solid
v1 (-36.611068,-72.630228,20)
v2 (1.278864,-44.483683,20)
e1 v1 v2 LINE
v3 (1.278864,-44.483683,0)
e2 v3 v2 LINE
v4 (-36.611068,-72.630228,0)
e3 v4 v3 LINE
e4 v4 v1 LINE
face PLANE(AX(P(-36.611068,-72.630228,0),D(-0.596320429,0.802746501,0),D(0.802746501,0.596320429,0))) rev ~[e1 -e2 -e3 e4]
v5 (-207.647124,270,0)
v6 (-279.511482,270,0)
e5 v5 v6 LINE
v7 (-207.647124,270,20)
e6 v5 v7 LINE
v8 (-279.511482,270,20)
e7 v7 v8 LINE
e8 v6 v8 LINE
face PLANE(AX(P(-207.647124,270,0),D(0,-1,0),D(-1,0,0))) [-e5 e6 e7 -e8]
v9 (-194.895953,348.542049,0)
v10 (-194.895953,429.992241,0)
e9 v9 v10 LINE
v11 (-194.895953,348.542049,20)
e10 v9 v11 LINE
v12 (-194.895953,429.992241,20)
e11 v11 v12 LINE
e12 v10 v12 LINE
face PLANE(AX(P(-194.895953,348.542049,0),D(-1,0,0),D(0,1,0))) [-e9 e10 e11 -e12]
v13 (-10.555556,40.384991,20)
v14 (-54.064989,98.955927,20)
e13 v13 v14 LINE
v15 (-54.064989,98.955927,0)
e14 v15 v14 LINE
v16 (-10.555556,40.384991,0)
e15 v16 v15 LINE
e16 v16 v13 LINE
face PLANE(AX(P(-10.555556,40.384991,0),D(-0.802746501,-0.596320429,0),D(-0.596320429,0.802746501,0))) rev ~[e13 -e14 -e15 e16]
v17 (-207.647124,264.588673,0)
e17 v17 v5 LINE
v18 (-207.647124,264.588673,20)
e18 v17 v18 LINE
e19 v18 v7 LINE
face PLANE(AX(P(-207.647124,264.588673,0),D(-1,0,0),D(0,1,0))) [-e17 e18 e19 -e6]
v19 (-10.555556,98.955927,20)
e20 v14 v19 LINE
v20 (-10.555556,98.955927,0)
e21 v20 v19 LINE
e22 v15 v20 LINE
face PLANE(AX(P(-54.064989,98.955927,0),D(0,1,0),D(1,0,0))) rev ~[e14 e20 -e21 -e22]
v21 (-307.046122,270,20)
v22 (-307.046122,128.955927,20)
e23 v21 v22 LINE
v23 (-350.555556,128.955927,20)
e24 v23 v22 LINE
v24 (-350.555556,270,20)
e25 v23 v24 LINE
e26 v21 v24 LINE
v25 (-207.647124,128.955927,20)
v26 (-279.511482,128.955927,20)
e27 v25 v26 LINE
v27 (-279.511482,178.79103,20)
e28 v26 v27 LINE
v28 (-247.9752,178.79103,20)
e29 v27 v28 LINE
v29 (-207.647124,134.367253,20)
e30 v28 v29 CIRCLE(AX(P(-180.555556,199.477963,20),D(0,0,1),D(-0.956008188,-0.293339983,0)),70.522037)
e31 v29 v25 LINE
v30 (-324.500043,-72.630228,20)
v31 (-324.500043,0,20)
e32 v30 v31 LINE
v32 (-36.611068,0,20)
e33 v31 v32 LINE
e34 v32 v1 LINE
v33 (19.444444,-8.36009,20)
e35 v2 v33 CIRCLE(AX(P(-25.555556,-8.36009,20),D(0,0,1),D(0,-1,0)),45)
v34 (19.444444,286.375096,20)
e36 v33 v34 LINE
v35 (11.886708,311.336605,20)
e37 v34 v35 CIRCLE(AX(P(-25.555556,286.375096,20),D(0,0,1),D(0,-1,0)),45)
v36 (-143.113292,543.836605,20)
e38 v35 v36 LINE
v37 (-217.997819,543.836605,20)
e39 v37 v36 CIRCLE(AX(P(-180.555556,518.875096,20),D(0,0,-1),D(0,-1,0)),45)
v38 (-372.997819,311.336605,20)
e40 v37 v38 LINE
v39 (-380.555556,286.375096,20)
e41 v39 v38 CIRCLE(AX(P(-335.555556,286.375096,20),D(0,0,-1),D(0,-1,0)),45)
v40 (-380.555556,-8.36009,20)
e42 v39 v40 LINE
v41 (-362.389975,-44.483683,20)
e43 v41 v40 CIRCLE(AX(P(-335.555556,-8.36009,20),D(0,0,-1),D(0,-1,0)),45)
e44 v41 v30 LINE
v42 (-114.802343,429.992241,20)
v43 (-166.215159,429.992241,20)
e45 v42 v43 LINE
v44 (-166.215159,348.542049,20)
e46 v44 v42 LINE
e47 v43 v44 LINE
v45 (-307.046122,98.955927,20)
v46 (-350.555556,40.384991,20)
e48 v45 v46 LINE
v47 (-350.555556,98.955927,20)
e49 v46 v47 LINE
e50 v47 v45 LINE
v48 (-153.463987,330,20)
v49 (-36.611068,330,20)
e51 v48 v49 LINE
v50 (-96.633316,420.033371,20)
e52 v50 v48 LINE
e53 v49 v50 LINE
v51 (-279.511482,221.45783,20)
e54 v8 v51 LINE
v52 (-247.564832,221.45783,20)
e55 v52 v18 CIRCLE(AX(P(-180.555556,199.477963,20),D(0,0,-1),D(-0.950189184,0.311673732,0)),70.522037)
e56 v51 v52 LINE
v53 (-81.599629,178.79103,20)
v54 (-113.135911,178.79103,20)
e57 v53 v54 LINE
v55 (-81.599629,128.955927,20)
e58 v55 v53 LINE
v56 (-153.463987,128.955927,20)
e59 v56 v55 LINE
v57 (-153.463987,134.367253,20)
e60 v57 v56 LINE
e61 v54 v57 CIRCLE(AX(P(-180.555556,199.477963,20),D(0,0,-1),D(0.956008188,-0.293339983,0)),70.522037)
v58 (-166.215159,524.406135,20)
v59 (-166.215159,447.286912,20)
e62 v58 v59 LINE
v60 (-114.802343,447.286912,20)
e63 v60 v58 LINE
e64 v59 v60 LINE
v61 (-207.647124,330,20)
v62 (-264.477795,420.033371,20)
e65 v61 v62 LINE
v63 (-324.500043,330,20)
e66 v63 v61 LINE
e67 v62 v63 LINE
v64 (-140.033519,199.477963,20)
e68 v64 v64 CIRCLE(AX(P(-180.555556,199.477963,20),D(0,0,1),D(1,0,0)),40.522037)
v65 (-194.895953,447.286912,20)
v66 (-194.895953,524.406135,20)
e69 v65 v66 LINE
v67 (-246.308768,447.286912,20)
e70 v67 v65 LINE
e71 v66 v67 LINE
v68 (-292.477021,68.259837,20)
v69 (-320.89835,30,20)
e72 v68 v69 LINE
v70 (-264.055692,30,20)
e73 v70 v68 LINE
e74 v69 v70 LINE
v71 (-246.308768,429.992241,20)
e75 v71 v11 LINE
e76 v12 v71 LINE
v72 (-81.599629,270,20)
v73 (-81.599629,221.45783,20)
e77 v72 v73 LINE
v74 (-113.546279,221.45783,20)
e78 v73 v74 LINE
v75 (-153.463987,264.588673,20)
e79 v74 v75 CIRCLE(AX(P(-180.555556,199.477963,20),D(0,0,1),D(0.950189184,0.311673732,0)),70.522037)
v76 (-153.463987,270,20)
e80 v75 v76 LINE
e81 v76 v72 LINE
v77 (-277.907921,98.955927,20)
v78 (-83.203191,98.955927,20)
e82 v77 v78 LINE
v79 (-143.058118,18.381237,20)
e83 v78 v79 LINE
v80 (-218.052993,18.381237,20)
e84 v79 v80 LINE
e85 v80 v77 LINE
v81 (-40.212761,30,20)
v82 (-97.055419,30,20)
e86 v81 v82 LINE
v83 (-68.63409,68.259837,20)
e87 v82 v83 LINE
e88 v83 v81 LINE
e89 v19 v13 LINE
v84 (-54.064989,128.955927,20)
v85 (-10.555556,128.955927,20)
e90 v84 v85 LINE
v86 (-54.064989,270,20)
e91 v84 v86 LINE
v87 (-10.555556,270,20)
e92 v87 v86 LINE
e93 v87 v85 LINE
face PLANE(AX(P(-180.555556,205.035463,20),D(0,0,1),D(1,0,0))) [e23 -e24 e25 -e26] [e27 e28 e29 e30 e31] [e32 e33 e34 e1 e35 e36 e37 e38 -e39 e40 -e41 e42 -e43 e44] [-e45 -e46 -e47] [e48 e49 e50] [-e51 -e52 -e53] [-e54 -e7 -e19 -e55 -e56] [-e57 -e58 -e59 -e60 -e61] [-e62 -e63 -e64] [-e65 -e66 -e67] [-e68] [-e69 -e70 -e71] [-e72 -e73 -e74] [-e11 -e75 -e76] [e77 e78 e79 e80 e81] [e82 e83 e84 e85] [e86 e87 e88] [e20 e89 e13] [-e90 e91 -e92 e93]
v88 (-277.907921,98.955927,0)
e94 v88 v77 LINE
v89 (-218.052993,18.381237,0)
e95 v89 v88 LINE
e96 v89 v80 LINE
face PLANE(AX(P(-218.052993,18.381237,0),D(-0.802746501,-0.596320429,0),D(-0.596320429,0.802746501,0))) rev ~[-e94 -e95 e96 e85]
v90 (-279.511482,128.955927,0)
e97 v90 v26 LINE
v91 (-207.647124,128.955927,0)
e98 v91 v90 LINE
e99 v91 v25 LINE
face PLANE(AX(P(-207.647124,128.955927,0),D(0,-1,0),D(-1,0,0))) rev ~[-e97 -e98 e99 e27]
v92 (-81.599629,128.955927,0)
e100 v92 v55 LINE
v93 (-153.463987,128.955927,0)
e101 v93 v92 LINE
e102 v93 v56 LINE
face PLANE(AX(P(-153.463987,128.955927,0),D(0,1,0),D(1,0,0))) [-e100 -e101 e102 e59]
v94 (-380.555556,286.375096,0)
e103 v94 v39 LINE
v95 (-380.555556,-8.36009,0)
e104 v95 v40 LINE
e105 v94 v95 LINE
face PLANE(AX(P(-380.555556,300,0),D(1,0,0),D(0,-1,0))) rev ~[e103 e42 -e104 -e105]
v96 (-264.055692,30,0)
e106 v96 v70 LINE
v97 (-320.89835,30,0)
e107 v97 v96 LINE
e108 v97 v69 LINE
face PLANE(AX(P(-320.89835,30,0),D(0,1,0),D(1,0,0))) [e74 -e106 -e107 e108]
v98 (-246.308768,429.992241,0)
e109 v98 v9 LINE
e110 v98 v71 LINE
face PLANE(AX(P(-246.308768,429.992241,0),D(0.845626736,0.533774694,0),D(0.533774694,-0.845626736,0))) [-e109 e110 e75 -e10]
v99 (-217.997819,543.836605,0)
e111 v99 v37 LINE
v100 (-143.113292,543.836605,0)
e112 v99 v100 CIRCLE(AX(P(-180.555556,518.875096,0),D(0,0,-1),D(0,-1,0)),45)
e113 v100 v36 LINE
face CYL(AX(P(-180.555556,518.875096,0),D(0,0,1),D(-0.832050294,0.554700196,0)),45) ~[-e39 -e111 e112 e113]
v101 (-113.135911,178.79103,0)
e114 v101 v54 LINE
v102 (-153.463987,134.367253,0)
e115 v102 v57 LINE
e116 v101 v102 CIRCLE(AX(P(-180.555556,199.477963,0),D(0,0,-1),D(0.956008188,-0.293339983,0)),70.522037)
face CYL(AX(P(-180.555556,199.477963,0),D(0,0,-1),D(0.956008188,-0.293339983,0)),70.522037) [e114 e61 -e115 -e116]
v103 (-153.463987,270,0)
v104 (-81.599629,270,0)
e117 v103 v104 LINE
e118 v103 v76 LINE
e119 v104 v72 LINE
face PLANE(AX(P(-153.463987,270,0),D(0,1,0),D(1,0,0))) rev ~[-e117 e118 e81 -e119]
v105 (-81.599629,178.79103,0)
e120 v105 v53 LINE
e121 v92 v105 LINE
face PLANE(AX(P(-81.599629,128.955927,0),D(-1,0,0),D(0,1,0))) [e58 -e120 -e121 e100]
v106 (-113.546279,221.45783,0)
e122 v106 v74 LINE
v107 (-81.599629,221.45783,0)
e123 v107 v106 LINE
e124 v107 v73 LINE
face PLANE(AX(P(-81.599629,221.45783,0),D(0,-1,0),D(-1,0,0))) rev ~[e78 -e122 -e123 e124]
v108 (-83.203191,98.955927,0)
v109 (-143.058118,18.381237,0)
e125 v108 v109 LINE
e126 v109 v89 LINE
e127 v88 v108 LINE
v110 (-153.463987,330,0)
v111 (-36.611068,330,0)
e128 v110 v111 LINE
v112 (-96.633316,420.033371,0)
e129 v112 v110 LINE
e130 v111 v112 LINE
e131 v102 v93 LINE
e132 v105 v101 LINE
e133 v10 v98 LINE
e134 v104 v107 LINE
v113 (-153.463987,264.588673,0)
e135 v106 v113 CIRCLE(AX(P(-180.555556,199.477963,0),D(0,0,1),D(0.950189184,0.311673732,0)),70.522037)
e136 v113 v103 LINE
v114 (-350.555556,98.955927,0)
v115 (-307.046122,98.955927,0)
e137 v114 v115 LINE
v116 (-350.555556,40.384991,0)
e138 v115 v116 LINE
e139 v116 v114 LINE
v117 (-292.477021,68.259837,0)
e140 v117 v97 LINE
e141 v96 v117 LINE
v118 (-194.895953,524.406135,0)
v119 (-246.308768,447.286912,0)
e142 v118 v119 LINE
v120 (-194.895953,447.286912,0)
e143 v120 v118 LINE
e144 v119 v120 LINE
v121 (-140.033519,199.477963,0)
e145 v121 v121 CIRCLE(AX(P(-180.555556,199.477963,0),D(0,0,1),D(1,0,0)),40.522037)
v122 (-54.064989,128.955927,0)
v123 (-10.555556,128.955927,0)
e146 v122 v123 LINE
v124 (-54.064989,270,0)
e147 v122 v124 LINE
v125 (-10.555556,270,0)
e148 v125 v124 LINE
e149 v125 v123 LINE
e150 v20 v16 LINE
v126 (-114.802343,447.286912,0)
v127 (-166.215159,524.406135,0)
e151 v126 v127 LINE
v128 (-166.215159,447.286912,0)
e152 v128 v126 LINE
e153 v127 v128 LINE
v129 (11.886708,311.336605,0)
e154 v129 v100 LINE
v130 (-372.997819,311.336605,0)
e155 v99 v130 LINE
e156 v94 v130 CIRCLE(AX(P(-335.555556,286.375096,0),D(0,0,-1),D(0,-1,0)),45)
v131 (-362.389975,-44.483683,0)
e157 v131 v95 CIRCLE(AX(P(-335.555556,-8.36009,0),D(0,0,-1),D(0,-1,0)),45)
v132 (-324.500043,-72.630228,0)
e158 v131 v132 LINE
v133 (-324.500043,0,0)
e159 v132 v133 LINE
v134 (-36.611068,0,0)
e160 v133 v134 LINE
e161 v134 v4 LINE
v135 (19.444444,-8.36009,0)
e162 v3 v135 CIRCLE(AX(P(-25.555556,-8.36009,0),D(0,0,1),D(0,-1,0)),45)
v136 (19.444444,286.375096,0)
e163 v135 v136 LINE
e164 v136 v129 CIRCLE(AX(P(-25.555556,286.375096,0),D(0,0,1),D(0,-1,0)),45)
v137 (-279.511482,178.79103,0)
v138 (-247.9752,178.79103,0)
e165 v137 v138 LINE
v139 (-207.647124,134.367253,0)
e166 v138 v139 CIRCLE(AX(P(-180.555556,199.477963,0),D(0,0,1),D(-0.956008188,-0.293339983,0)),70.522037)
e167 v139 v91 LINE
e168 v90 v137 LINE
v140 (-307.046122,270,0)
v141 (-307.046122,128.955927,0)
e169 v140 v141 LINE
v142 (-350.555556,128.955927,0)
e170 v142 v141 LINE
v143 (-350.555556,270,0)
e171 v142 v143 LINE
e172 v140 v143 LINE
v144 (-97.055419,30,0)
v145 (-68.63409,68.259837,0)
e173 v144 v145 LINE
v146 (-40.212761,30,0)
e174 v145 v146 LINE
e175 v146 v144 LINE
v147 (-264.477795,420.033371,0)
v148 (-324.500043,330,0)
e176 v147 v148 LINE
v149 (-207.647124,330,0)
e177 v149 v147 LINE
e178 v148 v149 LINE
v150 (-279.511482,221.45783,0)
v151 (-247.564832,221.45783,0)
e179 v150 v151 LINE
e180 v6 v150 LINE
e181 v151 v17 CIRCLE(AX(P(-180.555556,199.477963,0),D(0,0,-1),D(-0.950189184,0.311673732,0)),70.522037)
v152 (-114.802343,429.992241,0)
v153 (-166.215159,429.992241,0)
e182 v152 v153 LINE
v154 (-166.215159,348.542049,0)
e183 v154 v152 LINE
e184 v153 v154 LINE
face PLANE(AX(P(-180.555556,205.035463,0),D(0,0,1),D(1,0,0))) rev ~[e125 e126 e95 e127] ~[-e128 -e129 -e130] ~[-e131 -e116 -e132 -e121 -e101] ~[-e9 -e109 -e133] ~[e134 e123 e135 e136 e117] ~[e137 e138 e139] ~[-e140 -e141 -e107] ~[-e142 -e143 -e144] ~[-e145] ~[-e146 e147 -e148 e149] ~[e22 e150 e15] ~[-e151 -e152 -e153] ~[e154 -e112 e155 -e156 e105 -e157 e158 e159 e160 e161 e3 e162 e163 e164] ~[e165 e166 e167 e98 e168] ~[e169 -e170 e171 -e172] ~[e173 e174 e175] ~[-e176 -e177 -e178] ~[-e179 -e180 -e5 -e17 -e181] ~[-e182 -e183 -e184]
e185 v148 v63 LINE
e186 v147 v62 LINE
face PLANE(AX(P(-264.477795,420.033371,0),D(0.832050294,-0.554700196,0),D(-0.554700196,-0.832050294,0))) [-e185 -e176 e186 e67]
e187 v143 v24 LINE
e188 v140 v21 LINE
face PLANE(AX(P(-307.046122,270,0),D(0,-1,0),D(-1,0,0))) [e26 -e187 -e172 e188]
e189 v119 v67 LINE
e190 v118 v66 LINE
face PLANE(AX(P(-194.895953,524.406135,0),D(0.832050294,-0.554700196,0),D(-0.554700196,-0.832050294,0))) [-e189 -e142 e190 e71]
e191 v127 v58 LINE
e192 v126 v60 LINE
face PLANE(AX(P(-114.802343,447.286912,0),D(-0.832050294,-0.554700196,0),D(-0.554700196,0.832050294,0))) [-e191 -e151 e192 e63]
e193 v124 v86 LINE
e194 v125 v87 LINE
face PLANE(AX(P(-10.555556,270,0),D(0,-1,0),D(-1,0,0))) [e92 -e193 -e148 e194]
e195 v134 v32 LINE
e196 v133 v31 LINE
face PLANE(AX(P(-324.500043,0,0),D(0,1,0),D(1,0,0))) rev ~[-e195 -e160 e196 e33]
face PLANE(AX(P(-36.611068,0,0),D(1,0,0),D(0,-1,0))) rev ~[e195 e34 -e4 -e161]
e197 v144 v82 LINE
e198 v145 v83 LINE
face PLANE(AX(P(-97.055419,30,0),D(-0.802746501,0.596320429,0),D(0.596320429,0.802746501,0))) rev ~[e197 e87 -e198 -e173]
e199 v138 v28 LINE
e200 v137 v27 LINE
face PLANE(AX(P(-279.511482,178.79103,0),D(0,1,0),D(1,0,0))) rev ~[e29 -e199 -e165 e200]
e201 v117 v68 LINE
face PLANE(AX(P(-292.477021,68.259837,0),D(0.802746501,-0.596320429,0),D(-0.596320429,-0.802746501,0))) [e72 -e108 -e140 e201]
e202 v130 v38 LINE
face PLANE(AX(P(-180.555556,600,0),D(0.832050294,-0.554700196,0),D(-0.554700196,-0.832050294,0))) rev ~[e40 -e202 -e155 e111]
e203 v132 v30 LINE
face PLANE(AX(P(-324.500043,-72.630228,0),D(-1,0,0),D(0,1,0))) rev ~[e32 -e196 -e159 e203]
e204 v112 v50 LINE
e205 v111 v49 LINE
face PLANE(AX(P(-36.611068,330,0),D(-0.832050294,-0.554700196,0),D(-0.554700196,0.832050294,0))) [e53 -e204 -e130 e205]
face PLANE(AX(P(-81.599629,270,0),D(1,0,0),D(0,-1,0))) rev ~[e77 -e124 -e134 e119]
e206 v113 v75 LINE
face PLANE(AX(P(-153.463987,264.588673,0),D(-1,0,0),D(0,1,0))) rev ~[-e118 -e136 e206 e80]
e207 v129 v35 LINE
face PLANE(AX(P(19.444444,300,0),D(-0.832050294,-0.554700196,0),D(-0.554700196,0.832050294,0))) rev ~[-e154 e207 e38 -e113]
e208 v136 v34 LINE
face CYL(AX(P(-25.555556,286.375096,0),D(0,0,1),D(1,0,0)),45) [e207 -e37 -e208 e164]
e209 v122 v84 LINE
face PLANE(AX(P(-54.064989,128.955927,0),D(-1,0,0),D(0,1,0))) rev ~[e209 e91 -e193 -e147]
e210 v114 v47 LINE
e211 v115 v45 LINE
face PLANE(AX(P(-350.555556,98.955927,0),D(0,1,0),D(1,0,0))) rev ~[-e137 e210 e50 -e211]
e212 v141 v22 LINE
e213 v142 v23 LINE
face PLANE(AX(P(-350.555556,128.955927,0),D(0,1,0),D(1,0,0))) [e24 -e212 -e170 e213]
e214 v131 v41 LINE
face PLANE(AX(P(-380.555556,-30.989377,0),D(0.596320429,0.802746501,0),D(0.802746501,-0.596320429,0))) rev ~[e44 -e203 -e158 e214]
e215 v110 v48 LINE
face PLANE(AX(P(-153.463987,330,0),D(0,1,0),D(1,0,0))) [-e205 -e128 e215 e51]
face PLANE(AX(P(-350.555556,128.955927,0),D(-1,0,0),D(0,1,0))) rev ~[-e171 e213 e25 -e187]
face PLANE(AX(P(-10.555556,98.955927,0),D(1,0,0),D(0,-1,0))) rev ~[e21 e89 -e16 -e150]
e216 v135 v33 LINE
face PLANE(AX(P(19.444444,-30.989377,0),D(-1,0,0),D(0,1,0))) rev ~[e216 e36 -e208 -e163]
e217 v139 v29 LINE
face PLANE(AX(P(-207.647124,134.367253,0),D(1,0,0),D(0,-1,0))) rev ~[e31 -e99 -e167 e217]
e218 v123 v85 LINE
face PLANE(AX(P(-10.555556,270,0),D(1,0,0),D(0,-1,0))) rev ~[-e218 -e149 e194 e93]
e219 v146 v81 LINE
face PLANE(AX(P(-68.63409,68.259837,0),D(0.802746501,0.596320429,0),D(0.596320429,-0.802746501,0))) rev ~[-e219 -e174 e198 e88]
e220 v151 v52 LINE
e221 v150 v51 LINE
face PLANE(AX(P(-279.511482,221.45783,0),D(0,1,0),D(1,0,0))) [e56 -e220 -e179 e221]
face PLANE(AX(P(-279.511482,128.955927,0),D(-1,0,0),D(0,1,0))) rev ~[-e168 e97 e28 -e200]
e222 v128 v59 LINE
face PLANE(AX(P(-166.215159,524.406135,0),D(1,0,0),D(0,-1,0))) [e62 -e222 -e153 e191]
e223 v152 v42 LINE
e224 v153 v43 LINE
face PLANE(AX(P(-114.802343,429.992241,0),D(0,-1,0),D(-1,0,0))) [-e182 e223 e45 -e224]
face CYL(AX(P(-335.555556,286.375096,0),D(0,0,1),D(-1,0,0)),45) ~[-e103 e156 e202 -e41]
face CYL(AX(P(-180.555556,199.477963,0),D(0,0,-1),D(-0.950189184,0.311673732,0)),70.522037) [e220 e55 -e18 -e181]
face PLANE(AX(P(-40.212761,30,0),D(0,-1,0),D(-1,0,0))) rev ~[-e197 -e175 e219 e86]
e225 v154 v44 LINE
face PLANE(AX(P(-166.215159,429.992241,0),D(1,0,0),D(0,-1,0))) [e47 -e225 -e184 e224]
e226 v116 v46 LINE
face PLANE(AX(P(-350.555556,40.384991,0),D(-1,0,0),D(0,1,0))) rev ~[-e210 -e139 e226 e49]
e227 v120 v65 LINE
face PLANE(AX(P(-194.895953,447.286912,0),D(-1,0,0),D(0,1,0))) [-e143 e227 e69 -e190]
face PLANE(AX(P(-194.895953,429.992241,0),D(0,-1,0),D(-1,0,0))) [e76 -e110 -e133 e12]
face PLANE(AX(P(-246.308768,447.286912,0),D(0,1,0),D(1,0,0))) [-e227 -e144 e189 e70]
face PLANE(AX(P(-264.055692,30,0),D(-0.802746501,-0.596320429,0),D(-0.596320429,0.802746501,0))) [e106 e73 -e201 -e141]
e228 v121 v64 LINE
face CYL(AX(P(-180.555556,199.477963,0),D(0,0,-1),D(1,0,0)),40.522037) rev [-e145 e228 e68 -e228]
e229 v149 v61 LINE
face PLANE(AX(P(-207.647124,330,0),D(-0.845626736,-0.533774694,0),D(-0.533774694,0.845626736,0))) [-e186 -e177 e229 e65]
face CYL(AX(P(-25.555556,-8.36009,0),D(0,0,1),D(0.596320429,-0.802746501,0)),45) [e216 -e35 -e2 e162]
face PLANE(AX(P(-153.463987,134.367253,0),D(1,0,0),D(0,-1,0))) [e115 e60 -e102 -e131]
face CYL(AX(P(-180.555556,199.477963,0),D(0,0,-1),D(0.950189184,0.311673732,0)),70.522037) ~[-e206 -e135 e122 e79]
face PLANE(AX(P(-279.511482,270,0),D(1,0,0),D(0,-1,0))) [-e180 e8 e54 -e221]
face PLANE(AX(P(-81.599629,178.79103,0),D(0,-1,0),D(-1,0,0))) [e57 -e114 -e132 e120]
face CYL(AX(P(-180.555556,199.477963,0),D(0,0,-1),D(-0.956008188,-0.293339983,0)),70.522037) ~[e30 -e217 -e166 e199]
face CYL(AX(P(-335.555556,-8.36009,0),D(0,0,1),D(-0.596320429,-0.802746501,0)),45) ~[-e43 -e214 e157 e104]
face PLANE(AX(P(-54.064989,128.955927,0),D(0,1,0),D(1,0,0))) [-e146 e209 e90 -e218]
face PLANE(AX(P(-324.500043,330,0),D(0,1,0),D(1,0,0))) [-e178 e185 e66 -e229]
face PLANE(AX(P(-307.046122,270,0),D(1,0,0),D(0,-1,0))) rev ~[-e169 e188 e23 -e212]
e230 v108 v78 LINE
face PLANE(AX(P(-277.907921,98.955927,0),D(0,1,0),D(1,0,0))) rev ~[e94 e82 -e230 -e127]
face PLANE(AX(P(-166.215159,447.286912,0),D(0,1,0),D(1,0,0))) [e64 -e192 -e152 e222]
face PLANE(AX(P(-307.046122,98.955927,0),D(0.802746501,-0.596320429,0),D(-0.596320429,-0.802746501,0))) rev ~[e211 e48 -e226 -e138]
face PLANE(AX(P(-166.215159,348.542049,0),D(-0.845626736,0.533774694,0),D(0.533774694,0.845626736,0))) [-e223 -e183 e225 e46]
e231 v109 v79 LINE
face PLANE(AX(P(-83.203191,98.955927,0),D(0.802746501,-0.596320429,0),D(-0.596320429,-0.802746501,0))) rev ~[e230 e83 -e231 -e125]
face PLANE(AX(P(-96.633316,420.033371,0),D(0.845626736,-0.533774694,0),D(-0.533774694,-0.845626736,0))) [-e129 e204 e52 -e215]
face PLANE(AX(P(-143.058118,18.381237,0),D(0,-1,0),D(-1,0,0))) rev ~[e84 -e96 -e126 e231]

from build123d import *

# Parameters (mm, degrees)
SKETCH1_R           = 40.52203667
BOSS_EXTRUDE1_DEPTH = 20
FILLET1_R           = 45


with BuildPart() as part:
    # Sketch1 → Boss-Extrude1 (new body)
    with BuildSketch(Plane.XY):
        Polygon((-324.500042801, 0), (-36.61106831, 0), (-36.61106831, -72.630227613), (19.444444444, -30.98937664), (19.444444444, 0), (19.444444444, 300), (-180.555555556, 600), (-380.555555556, 300), (-380.555555556, 0), (-380.555555556, -30.98937664), (-324.500042801, -72.630227613), align=None)
        with Locations((-180.555555556, 199.47796333)):
            Circle(SKETCH1_R, mode=Mode.SUBTRACT)
        Polygon((-350.555555556, 98.955926659), (-307.046121917, 98.955926659), (-350.555555556, 40.384990781), align=None, mode=Mode.SUBTRACT)
        Polygon((-218.052993309, 18.381237109), (-277.907920592, 98.955926659), (-83.203190519, 98.955926659), (-143.058117802, 18.381237109), align=None, mode=Mode.SUBTRACT)
        Polygon((-40.212760909, 30), (-97.055418804, 30), (-68.634089856, 68.259836918), align=None, mode=Mode.SUBTRACT)
        Polygon((-350.555555556, 128.955926659), (-307.046121917, 128.955926659), (-307.046121917, 178.791030317), (-307.046121917, 221.457829656), (-307.046121917, 270), (-350.555555556, 270), (-350.555555556, 221.457829656), (-350.555555556, 178.791030317), align=None, mode=Mode.SUBTRACT)
        Polygon((-194.895952536, 524.406135398), (-246.308768225, 447.286911864), (-194.895952536, 447.286911864), align=None, mode=Mode.SUBTRACT)
        Polygon((-36.61106831, 330), (-96.633315679, 420.033371054), (-153.463987032, 330), align=None, mode=Mode.SUBTRACT)
        Polygon((-324.500042801, 330), (-207.64712408, 330), (-264.477795432, 420.033371054), align=None, mode=Mode.SUBTRACT)
        Polygon((-10.555555556, 40.384990781), (-54.064989194, 98.955926659), (-10.555555556, 98.955926659), align=None, mode=Mode.SUBTRACT)
        Polygon((-10.555555556, 128.955926659), (-10.555555556, 178.791030317), (-10.555555556, 221.457829656), (-10.555555556, 270), (-54.064989194, 270), (-54.064989194, 221.457829656), (-54.064989194, 178.791030317), (-54.064989194, 128.955926659), align=None, mode=Mode.SUBTRACT)
        Polygon((-320.898350202, 30), (-264.055692307, 30), (-292.477021255, 68.259836918), align=None, mode=Mode.SUBTRACT)
        with BuildLine():
            Line((-279.511482215, 270), (-279.511482215, 221.457829656))
            Line((-279.511482215, 221.457829656), (-247.564832021, 221.457829656))
            ThreePointArc((-247.564832021, 221.457829656), (-232.312774166, 247.379403578), (-207.64712408, 264.58867344))
            Line((-207.64712408, 264.58867344), (-207.64712408, 270))
            Line((-207.64712408, 270), (-279.511482215, 270))
        make_face(mode=Mode.SUBTRACT)
        with BuildLine():
            Line((-279.511482215, 128.955926659), (-279.511482215, 178.791030317))
            Line((-279.511482215, 178.791030317), (-247.975200012, 178.791030317))
            ThreePointArc((-247.975200012, 178.791030317), (-232.771073725, 152.076514844), (-207.64712408, 134.367253219))
            Line((-207.64712408, 134.367253219), (-207.64712408, 128.955926659))
            Line((-207.64712408, 128.955926659), (-279.511482215, 128.955926659))
        make_face(mode=Mode.SUBTRACT)
        with BuildLine():
            Line((-153.463987032, 134.367253219), (-153.463987032, 128.955926659))
            Line((-153.463987032, 128.955926659), (-81.599628896, 128.955926659))
            Line((-81.599628896, 128.955926659), (-81.599628896, 178.791030317))
            Line((-81.599628896, 178.791030317), (-113.135911099, 178.791030317))
            ThreePointArc((-113.135911099, 178.791030317), (-128.340037386, 152.076514844), (-153.463987032, 134.367253219))
        make_face(mode=Mode.SUBTRACT)
        with BuildLine():
            Line((-153.463987032, 264.58867344), (-153.463987032, 270))
            Line((-153.463987032, 270), (-81.599628896, 270))
            Line((-81.599628896, 270), (-81.599628896, 221.457829656))
            Line((-81.599628896, 221.457829656), (-113.54627909, 221.457829656))
            ThreePointArc((-113.54627909, 221.457829656), (-128.798336945, 247.379403578), (-153.463987032, 264.58867344))
        make_face(mode=Mode.SUBTRACT)
        Polygon((-114.802342886, 429.992241235), (-166.215158575, 429.992241235), (-166.215158575, 348.542048906), align=None, mode=Mode.SUBTRACT)
        Polygon((-114.802342886, 447.286911864), (-166.215158575, 524.406135398), (-166.215158575, 447.286911864), align=None, mode=Mode.SUBTRACT)
        Polygon((-246.308768225, 429.992241235), (-194.895952536, 348.542048906), (-194.895952536, 429.992241235), align=None, mode=Mode.SUBTRACT)
    extrude(amount=BOSS_EXTRUDE1_DEPTH)

    # Fillet1
    fillet1_edges = [part.edges().sort_by_distance(p)[0] for p in [
        (19.444444444, -30.98937664, 10),
        (-380.555555556, -30.98937664, 10),
        (-380.555555556, 300, 10),
        (-180.555555556, 600, 10),
        (19.444444444, 300, 10),
    ]]
    fillet(fillet1_edges, radius=FILLET1_R)


solid = part.part
